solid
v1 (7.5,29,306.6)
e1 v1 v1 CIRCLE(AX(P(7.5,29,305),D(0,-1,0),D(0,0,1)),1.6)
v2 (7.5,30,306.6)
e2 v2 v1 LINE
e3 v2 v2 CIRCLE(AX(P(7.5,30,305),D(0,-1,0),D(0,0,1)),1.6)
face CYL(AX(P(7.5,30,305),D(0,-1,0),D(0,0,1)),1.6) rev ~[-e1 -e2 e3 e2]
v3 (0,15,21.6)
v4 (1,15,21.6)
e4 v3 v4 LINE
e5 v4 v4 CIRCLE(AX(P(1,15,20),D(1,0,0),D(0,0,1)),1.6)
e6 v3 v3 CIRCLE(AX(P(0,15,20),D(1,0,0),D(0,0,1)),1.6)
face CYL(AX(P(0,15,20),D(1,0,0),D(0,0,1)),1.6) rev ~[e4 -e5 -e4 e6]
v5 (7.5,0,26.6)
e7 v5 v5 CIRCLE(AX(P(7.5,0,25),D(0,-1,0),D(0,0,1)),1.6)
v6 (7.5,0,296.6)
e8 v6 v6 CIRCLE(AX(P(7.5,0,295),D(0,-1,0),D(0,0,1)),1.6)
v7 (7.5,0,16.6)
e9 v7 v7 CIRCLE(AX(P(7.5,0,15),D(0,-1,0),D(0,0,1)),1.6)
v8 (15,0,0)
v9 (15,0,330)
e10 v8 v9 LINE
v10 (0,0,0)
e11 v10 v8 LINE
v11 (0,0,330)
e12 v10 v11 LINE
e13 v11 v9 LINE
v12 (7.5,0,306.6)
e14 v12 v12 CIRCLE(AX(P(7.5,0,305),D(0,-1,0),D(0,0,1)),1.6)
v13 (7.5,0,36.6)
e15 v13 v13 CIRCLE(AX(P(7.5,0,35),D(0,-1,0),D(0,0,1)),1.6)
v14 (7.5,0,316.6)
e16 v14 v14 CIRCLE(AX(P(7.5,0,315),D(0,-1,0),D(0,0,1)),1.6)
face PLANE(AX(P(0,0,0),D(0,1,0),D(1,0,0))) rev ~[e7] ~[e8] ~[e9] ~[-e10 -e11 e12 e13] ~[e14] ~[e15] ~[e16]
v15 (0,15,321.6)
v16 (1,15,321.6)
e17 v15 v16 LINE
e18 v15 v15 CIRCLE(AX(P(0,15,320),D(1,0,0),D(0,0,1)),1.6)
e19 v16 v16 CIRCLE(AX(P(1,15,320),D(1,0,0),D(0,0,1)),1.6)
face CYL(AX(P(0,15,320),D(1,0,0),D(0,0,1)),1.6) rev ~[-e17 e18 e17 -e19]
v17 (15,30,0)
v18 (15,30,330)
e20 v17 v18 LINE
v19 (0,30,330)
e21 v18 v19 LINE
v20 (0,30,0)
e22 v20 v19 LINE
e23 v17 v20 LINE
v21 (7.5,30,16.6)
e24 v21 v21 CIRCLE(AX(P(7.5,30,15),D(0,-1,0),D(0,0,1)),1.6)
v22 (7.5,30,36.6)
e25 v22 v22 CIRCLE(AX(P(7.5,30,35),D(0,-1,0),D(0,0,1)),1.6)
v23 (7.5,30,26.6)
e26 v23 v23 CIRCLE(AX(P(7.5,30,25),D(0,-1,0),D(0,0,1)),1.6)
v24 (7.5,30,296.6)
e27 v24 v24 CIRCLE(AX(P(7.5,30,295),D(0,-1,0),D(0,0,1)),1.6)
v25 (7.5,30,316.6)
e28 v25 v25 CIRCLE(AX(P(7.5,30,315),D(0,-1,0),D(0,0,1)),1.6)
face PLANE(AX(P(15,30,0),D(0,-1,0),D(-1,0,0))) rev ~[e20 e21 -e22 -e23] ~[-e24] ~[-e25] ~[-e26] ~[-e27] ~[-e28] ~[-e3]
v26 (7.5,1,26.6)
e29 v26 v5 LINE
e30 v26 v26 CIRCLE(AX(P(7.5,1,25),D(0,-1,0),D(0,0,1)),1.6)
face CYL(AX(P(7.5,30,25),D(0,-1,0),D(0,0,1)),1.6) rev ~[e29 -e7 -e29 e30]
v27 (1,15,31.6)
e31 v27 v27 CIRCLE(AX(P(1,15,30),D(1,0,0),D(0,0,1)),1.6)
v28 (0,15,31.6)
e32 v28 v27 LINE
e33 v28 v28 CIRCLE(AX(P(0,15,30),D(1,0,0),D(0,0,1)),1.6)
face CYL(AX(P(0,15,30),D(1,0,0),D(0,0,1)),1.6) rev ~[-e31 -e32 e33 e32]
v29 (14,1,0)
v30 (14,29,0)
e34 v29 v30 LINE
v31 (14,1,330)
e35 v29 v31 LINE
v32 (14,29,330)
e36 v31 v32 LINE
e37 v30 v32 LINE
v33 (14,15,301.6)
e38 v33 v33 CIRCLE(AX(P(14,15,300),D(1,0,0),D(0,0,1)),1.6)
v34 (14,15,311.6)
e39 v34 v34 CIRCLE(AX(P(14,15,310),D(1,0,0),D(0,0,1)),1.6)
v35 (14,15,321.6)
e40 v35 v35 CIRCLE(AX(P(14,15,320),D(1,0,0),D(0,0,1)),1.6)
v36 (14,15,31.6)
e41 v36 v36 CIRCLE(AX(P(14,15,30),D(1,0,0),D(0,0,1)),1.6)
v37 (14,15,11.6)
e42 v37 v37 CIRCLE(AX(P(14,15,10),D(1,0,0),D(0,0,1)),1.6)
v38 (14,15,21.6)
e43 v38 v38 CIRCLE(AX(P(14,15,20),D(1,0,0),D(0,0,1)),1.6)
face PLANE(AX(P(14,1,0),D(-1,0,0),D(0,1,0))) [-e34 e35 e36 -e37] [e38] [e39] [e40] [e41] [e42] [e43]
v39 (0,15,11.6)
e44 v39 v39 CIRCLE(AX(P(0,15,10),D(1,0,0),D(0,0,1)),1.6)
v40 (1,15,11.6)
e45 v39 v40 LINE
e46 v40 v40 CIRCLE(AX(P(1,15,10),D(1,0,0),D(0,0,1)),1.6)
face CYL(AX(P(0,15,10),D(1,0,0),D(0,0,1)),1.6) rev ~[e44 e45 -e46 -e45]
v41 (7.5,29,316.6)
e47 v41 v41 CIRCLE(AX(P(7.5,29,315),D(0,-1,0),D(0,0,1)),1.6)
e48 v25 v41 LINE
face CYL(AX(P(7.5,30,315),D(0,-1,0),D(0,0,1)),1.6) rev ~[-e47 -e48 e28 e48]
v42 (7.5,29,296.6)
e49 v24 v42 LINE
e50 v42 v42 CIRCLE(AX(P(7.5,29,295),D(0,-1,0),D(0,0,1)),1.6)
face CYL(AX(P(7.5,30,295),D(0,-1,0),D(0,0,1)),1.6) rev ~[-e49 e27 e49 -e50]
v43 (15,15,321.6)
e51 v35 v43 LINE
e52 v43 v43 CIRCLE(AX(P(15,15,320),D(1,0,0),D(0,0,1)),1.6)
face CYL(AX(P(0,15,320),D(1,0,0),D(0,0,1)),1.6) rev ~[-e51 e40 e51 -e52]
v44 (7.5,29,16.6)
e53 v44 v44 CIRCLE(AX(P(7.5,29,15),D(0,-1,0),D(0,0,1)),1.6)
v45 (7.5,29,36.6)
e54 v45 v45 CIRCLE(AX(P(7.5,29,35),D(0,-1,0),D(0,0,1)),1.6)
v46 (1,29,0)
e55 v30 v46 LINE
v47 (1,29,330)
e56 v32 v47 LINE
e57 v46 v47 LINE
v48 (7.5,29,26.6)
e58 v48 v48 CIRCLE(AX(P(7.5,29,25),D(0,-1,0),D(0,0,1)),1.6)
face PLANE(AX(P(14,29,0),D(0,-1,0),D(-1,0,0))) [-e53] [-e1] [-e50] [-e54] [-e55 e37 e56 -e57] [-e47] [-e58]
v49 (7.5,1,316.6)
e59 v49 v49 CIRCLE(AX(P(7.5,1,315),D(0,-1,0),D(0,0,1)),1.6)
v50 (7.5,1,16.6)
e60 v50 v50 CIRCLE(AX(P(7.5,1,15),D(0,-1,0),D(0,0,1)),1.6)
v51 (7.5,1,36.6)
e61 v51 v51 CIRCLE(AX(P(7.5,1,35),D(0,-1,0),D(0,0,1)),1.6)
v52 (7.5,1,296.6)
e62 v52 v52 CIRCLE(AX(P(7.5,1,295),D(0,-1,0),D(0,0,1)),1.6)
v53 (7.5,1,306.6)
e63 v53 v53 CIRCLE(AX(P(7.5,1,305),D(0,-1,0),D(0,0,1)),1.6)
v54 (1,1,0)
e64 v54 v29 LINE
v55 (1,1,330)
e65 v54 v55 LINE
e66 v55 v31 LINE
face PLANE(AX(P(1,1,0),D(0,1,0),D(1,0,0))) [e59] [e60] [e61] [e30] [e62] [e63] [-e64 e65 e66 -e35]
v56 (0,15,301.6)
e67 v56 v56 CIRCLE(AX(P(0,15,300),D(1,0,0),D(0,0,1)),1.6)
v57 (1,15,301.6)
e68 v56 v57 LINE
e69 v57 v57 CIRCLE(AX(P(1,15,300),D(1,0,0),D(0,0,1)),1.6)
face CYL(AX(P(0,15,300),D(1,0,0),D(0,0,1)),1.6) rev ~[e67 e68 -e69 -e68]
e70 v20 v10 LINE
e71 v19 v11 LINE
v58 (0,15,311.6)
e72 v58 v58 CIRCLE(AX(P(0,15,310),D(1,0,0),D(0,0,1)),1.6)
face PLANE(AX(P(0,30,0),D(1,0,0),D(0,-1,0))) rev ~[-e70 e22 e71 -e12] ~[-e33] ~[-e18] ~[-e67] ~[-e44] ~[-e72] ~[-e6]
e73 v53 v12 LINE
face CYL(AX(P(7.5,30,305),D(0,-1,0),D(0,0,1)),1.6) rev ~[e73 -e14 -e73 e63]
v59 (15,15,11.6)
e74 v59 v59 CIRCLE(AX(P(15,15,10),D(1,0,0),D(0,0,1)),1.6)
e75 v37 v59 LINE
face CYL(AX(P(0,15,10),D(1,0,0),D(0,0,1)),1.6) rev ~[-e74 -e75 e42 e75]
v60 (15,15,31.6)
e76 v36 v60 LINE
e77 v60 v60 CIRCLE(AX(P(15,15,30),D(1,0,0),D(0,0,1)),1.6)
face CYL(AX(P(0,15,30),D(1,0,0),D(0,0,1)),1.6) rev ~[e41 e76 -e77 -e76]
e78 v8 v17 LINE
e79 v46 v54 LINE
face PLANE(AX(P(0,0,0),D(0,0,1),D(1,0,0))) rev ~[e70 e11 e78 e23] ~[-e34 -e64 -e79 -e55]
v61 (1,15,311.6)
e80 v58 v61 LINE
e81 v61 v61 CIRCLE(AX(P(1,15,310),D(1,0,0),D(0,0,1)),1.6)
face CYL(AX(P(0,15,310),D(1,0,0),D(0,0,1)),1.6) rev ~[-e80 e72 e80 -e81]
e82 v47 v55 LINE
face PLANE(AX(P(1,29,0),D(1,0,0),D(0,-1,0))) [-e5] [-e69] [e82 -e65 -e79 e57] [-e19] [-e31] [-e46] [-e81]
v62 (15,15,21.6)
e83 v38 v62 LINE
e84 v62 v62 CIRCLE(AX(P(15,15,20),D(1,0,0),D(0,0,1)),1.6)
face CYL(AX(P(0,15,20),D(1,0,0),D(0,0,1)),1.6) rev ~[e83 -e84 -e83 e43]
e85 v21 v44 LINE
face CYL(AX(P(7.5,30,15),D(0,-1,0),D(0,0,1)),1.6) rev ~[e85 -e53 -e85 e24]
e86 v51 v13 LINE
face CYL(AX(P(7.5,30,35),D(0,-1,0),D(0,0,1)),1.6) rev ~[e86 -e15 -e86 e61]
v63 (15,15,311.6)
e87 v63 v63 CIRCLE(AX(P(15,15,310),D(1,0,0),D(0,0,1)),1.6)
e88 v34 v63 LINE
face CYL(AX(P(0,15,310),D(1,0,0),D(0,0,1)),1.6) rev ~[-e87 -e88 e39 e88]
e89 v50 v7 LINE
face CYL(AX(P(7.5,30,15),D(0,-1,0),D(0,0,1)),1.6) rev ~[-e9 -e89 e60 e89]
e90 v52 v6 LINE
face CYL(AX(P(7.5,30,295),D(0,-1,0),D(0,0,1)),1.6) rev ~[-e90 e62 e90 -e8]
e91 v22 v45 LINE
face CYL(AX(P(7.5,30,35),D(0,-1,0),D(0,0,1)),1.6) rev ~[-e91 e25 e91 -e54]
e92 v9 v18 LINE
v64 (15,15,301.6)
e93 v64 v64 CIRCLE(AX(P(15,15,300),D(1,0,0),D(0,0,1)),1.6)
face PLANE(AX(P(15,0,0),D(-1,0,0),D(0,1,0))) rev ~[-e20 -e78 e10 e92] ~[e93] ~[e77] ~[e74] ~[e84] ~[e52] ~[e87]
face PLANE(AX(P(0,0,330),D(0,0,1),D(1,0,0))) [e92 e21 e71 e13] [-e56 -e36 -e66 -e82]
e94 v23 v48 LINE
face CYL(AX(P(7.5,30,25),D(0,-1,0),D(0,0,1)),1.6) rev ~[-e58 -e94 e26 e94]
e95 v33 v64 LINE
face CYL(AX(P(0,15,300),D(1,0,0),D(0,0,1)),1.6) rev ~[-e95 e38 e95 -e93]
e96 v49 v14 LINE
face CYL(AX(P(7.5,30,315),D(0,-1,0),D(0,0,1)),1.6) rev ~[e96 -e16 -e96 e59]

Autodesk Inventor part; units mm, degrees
ref_plane "YZ Plane" through (0, 0, 0) normal (1, 0, 0) x (0, 1, 0)
ref_plane "XZ Plane" through (0, 0, 0) normal (0, 1, 0) x (-1, 0, 0)
ref_plane "XY Plane" through (0, 0, 0) normal (0, 0, 1) x (1, 0, 0)
sketch "スケッチ1" plane through (0, 0, 0) normal (0, 0, 1) x (1, 0, 0)
  line L0 (0, 0) -> (15, 0)
  line L1 (15, 0) -> (15, 30)
  line L2 (15, 30) -> (0, 30)
  line L3 (0, 30) -> (0, 0)
  line L4 (1, 1) -> (14, 1)
  line L5 (14, 1) -> (14, 29)
  line L6 (14, 29) -> (1, 29)
  line L7 (1, 29) -> (1, 1)
  dimension "d0" = 15
  dimension "d1" = 30
  dimension "d2" = 13
  dimension "d3" = 28
  dimension "d4" = 1
  dimension "d5" = 1
extrude "押し出し1" add sketch "スケッチ1" along normal blind 330
sketch "スケッチ2" plane through (0, 30, 0) normal (0, 1, 0) x (1, 0, 0)
  circle A0 centre (7.5, -15) radius 1.6
  line L0 (0, 0) -> (0, -330) projected
  line L1 (15, 0) -> (0, 0) projected
  circle A1 centre (7.5, -25) radius 1.6
  circle A2 centre (7.5, -35) radius 1.6
  circle A3 centre (7.5, -315) radius 1.6
  line L2 (15, -330) -> (0, -330) projected
  circle A4 centre (7.5, -305) radius 1.6
  circle A5 centre (7.5, -295) radius 1.6
  dimension "d8" = 3.2
  dimension "d9" = 7.5
  dimension "d10" = 15
  dimension "d11" = 3.2
  dimension "d12" = 10
  dimension "d13" = 3.2
  dimension "d14" = 10
  dimension "d15" = 3.2
  dimension "d16" = 15
  dimension "d17" = 7.5
  dimension "d18" = 3.2
  dimension "d19" = 10
  dimension "d20" = 3.2
  dimension "d21" = 10
hole "穴1" at (7.5, 30, 315) at (7.5, 30, 305) at (7.5, 30, 295) at (7.5, 30, 15) at (7.5, 30, 25) at (7.5, 30, 35) direction (0, -1, 0) diameter 3.2 depth 30
sketch "スケッチ3" plane through (0, 0, 0) normal (-1, 0, 0) x (0, 0, 1)
  circle A0 centre (10, 15) radius 1.6
  line L0 (0, 0) -> (330, 0) projected
  line L1 (0, 30) -> (0, 0) projected
  circle A1 centre (20, 15) radius 1.6
  circle A2 centre (30, 15) radius 1.6
  circle A3 centre (320, 15) radius 1.6
  line L2 (330, 30) -> (330, 0) projected
  circle A4 centre (310, 15) radius 1.6
  circle A5 centre (300, 15) radius 1.6
  dimension "d29" = 3.2
  dimension "d30" = 15
  dimension "d31" = 10
  dimension "d32" = 3.2
  dimension "d33" = 3.2
  dimension "d34" = 10
  dimension "d35" = 10
  dimension "d36" = 3.2
  dimension "d37" = 15
  dimension "d38" = 10
  dimension "d39" = 3.2
  dimension "d40" = 3.2
  dimension "d41" = 10
  dimension "d42" = 10
  dimension "d43" = 15
  dimension "d44" = 15
  dimension "d45" = 15
  dimension "d46" = 15
hole "穴2" at (0, 15, 10) at (0, 15, 20) at (0, 15, 30) at (0, 15, 300) at (0, 15, 310) at (0, 15, 320) direction (1, 0, 0) diameter 3.2 depth 15
sketch "スケッチ4" plane through (0, 0, 0) normal (-1, 0, 0) x (0, 0, 1)
  line L0 (0, 22.5781) -> (0, 21.5781) construction
  line L1 (0, 1) -> (330, 1) projected
  line L2 (0, 22.5781) -> (1, 22.5781) construction
  line L3 (0, 30) -> (0, 0) projected
  dimension "d54" = 1
  dimension "d55" = 90
  dimension "d56" = 0
sketch "スケッチ5" plane through (0, 0, 0) normal (-1, 0, 0) x (0, 0, 1)
  point P0 (0, 0)
equation "\"BendRadius\" = Thickness"
equation "\"BendReliefWidth\" = Thickness"
equation "\"BendReliefDepth\" = 0.5 * Thickness"
equation "\"CornerReliefSize\" = 4 * Thickness"
equation "\"MinimumRemnant\" = 2 * Thickness"
equation "\"TransitionRadius\" = BendRadius"
equation "\"JacobiRadiusSize\" = BendRadius"
equation "\"GapSize\" = Thickness"
equation "\"Thickness\" = 0.5"
properties part number "nhk39"
